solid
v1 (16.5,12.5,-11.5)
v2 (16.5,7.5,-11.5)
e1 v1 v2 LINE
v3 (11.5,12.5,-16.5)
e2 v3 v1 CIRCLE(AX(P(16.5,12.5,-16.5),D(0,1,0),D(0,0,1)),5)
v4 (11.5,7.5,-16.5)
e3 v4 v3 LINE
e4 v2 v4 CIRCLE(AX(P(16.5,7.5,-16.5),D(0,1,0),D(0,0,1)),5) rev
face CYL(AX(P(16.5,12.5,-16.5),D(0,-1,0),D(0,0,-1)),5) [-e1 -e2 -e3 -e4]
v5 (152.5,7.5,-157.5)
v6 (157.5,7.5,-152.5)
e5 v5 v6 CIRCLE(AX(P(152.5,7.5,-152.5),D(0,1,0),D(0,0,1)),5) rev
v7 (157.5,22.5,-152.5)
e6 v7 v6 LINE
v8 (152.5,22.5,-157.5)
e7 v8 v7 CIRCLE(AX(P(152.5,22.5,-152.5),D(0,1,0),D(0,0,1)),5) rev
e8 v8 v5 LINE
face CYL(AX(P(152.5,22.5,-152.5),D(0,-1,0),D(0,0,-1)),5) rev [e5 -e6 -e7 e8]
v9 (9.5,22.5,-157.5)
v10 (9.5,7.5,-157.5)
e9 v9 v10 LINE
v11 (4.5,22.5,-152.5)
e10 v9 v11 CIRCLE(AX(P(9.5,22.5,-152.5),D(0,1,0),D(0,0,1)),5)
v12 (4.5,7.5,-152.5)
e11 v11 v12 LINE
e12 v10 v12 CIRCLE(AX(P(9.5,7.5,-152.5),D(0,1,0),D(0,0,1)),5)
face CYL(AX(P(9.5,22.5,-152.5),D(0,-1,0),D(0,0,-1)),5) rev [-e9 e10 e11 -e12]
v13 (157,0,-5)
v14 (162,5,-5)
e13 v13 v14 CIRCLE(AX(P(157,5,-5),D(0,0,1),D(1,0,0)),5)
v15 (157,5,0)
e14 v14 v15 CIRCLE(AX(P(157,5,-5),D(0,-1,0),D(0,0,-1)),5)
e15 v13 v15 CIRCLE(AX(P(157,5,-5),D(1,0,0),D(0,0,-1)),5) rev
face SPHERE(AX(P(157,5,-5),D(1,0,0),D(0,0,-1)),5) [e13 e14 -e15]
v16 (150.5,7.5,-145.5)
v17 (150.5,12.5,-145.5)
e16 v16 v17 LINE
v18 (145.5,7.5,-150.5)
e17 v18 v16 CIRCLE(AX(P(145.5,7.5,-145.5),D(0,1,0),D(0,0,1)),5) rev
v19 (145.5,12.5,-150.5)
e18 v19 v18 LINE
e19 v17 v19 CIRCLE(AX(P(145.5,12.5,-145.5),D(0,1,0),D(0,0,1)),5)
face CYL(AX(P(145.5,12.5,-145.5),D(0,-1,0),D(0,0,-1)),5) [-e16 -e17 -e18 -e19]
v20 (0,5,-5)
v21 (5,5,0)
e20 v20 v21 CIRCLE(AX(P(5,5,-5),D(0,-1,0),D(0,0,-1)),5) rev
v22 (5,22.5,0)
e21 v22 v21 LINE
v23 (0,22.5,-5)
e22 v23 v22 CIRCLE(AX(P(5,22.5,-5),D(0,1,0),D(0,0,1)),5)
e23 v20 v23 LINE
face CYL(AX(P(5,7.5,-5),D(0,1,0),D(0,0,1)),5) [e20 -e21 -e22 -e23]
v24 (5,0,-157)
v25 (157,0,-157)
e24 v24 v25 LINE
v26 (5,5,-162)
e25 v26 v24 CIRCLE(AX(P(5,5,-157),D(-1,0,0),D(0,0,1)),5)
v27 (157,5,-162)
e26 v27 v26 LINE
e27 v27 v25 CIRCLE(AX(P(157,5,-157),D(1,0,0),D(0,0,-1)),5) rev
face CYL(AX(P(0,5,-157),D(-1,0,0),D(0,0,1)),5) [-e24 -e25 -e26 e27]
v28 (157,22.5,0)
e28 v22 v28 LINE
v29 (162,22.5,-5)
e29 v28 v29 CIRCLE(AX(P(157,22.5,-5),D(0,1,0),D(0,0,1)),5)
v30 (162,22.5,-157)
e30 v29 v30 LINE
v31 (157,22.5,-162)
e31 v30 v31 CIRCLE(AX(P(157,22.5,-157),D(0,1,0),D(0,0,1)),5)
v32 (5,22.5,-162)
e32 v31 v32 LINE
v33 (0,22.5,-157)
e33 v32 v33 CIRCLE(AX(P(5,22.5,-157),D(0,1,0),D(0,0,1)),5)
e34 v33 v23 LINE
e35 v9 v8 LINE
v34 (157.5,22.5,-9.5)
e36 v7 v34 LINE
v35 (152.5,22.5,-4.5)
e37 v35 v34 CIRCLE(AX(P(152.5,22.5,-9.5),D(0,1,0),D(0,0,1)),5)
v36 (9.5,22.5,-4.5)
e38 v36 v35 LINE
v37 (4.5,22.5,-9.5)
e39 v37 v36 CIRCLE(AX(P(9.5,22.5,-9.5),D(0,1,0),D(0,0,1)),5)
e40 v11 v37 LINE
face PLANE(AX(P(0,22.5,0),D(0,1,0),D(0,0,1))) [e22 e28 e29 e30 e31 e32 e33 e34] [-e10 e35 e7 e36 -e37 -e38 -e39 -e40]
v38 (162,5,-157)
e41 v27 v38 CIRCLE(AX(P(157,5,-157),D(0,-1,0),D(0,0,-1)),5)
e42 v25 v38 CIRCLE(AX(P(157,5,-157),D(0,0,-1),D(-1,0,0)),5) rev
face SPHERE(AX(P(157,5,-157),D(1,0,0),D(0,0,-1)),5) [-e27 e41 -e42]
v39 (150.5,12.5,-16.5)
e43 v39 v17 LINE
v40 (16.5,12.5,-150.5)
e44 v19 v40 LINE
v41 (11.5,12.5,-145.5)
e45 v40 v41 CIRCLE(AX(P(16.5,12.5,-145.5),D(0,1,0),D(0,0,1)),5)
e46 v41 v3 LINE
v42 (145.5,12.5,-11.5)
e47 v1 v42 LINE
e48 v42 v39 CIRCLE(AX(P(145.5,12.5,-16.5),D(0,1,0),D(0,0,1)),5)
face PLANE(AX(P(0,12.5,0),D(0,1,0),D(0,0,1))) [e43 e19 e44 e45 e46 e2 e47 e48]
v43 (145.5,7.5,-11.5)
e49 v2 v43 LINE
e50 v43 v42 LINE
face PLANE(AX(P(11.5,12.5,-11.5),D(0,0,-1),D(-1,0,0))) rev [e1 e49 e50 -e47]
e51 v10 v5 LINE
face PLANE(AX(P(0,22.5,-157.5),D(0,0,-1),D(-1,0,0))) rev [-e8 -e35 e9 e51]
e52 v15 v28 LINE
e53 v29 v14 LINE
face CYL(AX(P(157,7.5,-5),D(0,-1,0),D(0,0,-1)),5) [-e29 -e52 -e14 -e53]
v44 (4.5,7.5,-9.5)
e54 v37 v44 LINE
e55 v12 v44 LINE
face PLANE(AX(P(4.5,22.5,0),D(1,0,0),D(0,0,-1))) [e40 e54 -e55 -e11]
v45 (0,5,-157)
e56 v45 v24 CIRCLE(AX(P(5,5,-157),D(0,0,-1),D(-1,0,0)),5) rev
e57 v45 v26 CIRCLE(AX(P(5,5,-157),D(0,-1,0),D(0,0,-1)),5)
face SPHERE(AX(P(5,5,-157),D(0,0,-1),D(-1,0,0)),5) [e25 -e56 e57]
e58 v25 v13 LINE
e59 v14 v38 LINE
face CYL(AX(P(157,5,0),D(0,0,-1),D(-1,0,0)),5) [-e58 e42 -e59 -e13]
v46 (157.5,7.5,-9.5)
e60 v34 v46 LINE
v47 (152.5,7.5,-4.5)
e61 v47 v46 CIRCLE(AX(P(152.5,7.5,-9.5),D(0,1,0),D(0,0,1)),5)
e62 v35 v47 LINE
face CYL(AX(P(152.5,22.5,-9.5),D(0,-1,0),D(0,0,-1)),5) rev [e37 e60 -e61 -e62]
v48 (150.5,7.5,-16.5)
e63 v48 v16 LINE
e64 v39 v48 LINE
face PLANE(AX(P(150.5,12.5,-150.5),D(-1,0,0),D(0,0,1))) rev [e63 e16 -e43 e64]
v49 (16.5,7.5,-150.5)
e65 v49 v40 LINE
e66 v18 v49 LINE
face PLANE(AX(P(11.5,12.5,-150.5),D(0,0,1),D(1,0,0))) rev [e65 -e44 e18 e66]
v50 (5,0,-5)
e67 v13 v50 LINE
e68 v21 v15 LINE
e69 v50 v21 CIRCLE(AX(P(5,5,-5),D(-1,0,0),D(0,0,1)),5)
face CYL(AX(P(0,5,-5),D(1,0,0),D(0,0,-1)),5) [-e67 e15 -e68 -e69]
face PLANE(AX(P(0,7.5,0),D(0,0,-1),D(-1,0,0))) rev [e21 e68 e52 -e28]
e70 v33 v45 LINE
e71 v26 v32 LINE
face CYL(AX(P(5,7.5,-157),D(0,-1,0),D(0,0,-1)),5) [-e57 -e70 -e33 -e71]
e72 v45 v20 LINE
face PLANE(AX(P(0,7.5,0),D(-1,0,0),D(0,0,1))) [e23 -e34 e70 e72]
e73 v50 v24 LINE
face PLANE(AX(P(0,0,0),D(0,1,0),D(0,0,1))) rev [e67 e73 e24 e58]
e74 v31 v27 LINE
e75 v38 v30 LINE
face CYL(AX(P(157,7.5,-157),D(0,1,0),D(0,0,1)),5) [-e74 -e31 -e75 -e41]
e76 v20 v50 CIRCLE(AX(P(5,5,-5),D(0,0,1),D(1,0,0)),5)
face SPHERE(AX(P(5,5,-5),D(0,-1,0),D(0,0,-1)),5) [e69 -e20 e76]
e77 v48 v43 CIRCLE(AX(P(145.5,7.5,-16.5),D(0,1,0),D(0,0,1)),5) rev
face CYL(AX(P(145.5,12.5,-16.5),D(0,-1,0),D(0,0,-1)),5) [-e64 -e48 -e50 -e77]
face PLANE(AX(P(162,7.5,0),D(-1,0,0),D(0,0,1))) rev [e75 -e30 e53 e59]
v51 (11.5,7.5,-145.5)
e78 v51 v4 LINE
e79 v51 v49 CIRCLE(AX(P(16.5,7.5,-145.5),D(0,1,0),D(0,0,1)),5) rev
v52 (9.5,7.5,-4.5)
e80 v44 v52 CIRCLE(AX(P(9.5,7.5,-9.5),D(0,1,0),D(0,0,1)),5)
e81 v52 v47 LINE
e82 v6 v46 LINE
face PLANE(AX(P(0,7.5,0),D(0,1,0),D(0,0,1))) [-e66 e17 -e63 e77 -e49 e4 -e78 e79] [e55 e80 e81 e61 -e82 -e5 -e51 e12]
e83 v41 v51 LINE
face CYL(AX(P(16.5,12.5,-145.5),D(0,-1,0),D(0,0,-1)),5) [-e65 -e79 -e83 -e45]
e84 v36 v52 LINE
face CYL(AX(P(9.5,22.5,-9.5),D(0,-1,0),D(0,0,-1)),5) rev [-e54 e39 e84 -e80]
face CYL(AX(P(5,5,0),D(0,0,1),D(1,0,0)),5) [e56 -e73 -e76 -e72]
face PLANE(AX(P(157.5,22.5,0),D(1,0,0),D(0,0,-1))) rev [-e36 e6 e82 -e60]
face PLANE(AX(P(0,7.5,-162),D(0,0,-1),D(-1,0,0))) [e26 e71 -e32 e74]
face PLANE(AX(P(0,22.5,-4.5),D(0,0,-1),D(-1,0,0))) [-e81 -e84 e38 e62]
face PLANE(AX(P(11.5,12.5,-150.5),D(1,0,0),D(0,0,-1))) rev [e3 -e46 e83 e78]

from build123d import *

# Parameters (mm, degrees)
SKETCH1_W           = 162
SKETCH1_H           = 162
SKETCH1_W_2         = 140
SKETCH1_H_2         = 140
BOSS_EXTRUDE1_DEPTH = 7.5
SKETCH2_W           = 139
SKETCH2_H           = 139
BOSS_EXTRUDE2_DEPTH = 5
FILLET1_R           = 5
BOSS_EXTRUDE3_START = 15
BOSS_EXTRUDE3_DEPTH = 15


with BuildPart() as part:
    # Sketch1 → Boss-Extrude1 (new body)
    # profile 1 of 2: a face of its own
    with BuildSketch(Plane(origin=(0, 0, 0), x_dir=(1, 0, 0), z_dir=(0, 1, 0))):
        with Locations((81, 81)):
            Rectangle(SKETCH1_W, SKETCH1_H)
        with Locations((81, 81)):
            Rectangle(SKETCH1_W_2, SKETCH1_H_2, mode=Mode.SUBTRACT)
    # profile 2 of 2: a face of its own
    with BuildSketch(Plane(origin=(0, 0, 0), x_dir=(1, 0, 0), z_dir=(0, 1, 0))):
        with Locations((81, 81)):
            Rectangle(SKETCH1_W_2, SKETCH1_H_2)
    extrude(amount=BOSS_EXTRUDE1_DEPTH)

    # Sketch2 → Boss-Extrude2 (add)
    with BuildSketch(Plane(origin=(0, 7.5, 0), x_dir=(1, 0, 0), z_dir=(0, 1, 0))):
        with Locations((81, 81)):
            Rectangle(SKETCH2_W, SKETCH2_H)
    extrude(amount=BOSS_EXTRUDE2_DEPTH)

    # Fillet1
    fillet1_edges = [part.edges().sort_by_distance(p)[0] for p in [
        (11.5, 10, -150.5),
        (11.5, 10, -11.5),
        (150.5, 10, -11.5),
        (150.5, 10, -150.5),
        (0, 0, -81),
        (81, 0, -162),
        (162, 0, -81),
        (81, 0, 0),
        (0, 3.75, 0),
        (0, 3.75, -162),
        (162, 3.75, -162),
        (162, 3.75, 0),
    ]]
    fillet(fillet1_edges, radius=FILLET1_R)

    # Sketch3 → Boss-Extrude3 (add)
    with BuildSketch(Plane(origin=(0, 7.5, 0), x_dir=(1, 0, 0), z_dir=(0, 1, 0)).offset(BOSS_EXTRUDE3_START)):
        with BuildLine():
            ThreePointArc((5, 162), (1.464466094, 160.535533906), (0, 157))
            Line((0, 157), (0, 5))
            ThreePointArc((0, 5), (1.464466094, 1.464466094), (5, 0))
            Line((5, 0), (157, 0))
            ThreePointArc((157, 0), (160.535533906, 1.464466094), (162, 5))
            Line((162, 5), (162, 157))
            ThreePointArc((162, 157), (160.535533906, 160.535533906), (157, 162))
            Line((157, 162), (5, 162))
        make_face()
        with BuildLine():
            ThreePointArc((9.5, 157.5), (5.964466094, 156.035533906), (4.5, 152.5))
            Line((4.5, 152.5), (4.5, 9.5))
            ThreePointArc((4.5, 9.5), (5.964466094, 5.964466094), (9.5, 4.5))
            Line((9.5, 4.5), (152.5, 4.5))
            ThreePointArc((152.5, 4.5), (156.035533906, 5.964466094), (157.5, 9.5))
            Line((157.5, 9.5), (157.5, 152.5))
            ThreePointArc((157.5, 152.5), (156.035533906, 156.035533906), (152.5, 157.5))
            Line((152.5, 157.5), (9.5, 157.5))
        make_face(mode=Mode.SUBTRACT)
    extrude(amount=-BOSS_EXTRUDE3_DEPTH)


solid = part.part
